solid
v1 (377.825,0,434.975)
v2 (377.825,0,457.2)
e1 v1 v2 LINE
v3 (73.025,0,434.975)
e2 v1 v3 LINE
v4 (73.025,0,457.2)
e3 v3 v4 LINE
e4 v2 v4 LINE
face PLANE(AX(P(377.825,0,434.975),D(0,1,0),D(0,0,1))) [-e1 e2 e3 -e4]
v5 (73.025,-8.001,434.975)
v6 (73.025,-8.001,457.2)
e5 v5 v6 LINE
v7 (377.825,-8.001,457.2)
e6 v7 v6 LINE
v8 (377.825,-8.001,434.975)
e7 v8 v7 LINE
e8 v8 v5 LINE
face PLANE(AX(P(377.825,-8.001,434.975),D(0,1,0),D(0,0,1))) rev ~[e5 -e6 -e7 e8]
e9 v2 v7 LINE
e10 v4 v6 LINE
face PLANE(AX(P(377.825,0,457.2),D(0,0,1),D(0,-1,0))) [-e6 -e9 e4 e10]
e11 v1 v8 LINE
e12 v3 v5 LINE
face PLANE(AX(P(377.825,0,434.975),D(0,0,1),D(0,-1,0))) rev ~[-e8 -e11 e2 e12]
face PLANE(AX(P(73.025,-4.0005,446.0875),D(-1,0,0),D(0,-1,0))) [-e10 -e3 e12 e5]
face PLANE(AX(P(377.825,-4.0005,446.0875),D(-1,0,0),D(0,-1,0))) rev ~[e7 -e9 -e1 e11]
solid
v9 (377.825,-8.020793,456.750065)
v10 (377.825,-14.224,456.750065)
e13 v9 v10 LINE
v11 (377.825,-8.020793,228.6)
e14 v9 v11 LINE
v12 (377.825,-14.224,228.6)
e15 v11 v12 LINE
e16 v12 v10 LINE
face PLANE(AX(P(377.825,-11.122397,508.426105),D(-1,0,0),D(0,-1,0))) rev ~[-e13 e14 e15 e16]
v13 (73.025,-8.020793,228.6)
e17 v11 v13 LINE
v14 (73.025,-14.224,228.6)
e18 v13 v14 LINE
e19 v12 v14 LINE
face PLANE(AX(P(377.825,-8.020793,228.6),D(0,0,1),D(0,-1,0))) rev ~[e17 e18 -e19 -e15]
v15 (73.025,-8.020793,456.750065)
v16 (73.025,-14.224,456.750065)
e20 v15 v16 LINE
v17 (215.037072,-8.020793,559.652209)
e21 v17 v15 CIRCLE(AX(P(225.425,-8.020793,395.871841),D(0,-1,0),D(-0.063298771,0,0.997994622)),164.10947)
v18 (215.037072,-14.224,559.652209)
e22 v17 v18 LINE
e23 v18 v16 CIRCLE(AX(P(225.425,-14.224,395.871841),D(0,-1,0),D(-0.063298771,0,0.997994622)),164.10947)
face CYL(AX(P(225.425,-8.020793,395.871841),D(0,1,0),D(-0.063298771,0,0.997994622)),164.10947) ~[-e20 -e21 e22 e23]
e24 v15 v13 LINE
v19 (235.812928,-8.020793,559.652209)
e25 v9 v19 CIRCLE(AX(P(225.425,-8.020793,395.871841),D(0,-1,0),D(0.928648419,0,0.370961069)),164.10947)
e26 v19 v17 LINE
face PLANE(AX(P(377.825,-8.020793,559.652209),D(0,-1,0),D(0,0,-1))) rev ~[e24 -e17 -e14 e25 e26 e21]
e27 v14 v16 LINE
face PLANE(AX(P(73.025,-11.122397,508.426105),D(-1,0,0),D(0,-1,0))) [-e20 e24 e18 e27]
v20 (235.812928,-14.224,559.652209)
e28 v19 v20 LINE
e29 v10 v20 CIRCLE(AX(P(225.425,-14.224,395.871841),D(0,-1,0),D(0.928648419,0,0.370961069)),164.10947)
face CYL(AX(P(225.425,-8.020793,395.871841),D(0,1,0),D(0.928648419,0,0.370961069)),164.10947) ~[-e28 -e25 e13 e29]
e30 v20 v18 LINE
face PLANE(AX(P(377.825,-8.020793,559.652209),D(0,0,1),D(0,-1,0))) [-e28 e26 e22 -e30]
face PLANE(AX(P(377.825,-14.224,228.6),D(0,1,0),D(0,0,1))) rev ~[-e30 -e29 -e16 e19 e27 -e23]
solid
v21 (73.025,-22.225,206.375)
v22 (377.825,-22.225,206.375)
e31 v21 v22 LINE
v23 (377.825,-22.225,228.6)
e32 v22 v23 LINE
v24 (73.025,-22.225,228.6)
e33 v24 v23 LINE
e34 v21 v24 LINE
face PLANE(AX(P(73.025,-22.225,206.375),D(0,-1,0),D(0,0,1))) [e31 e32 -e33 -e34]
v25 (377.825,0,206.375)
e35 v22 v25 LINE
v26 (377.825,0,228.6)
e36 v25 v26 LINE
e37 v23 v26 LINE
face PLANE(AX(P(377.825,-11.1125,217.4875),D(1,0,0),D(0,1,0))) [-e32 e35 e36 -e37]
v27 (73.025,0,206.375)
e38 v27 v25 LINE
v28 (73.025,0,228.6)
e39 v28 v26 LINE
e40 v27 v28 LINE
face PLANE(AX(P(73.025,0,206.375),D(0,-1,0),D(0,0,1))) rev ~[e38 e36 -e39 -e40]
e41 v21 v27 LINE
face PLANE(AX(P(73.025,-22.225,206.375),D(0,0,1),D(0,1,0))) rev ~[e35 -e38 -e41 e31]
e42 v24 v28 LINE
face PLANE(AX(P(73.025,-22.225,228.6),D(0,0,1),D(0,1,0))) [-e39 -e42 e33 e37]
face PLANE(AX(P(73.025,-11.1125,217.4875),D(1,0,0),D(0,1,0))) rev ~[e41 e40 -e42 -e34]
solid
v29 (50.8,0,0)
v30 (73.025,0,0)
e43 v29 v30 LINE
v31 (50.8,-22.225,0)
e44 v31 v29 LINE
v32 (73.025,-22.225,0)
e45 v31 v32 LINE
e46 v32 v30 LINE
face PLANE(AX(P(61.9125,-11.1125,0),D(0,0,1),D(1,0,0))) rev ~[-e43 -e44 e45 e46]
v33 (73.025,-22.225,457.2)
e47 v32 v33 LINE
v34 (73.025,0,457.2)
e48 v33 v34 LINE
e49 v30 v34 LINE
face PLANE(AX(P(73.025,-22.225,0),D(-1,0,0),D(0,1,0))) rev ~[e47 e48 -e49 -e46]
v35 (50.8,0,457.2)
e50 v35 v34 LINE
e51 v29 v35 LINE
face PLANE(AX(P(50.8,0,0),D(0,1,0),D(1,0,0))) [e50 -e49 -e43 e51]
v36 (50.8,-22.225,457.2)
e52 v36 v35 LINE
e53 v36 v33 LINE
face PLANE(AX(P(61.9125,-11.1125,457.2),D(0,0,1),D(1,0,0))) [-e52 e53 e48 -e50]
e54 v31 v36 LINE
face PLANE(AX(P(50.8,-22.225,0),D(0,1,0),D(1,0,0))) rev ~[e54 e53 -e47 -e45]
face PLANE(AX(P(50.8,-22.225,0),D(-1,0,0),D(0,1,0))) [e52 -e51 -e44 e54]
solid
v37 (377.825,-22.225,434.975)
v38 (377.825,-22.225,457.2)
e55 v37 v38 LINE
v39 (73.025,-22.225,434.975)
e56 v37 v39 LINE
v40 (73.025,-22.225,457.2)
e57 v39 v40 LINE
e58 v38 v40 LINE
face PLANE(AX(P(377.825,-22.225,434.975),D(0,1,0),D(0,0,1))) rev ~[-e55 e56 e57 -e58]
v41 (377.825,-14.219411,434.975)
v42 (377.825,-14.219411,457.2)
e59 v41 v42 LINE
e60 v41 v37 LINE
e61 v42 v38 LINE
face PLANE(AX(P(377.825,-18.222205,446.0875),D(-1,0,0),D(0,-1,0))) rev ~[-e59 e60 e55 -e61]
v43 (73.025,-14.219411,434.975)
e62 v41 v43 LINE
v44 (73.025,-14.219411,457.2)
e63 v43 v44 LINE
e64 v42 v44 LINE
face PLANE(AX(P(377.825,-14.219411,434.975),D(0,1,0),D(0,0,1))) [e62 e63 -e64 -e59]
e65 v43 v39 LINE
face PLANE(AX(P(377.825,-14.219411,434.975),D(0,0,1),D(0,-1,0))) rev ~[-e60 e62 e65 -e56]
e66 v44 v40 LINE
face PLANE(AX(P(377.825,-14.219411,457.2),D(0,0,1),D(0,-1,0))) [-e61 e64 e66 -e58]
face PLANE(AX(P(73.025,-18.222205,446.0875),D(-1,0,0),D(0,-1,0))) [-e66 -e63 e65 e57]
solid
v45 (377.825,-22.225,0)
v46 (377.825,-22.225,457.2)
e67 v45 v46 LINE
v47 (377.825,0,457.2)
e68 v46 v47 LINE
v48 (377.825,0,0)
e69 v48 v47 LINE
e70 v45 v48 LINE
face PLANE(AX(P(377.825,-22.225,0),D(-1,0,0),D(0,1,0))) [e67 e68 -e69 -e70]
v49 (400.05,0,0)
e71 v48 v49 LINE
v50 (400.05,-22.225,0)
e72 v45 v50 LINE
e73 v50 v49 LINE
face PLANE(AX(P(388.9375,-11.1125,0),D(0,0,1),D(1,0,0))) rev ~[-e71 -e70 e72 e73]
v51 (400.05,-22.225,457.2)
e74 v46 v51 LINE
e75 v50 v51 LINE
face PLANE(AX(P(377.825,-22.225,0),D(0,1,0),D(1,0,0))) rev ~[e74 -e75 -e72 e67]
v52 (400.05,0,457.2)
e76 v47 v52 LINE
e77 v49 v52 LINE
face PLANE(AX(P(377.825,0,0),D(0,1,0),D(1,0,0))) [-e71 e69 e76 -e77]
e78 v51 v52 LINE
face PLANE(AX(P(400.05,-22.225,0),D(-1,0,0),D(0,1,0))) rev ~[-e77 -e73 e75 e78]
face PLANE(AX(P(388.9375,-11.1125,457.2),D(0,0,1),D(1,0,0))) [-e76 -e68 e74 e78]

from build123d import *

# Parameters (mm, degrees)
F0_W     = 22.225
F0_H     = 22.225
F1_DEPTH = 457.2
F2_W     = 22.225
F2_H     = 22.225
F3_DEPTH = 304.8
F4_W     = 6.2032067217
F4_H     = 102.4522092819
F4_H_2   = 228.6
F5_DEPTH = 304.8
F7_DEPTH = 6.2032067217
F8_W     = 8.0055892825
F8_H     = 22.225
F9_DEPTH = 304.8
F8_W_2   = 8.001


with BuildPart() as f1:
    # F0 (on Top) → F1 (new body)
    with BuildSketch(Plane.XY):
        with Locations((61.9125, -11.1125)):
            Rectangle(F0_W, F0_H)
    extrude(amount=F1_DEPTH)


with BuildPart() as f1b:
    # F0 (on Top) → F1, piece 2 (new body)
    with BuildSketch(Plane.XY):
        with Locations((388.9375, -11.1125)):
            Rectangle(F0_W, F0_H)
    extrude(amount=F1_DEPTH)


with BuildPart() as f3:
    # F2 (on face) → F3 (new body, through all)
    with BuildSketch(Plane.YZ.offset(73.025)):
        with Locations((-11.1125, 217.4875)):
            Rectangle(F2_W, F2_H)
    extrude(amount=F3_DEPTH)


with BuildPart() as f5:
    # F4 (on face) → F5 (new body)
    with BuildSketch(Plane(origin=(377.825, 0, 0), x_dir=(0, -1, 0), z_dir=(-1, 0, 0))):
        with Locations((11.1223966392, 508.426104641)):
            Rectangle(F4_W, F4_H)
        with Locations((11.1223966392, 342.9)):
            Rectangle(F4_W, F4_H_2)
    extrude(amount=F5_DEPTH)

    # F6 (on face) → F7 (cut, through all)
    with BuildSketch(Plane(origin=(0, -8.0207932783, 0), x_dir=(-1, 0, 0), z_dir=(0, 1, 0))):
        with BuildLine():
            ThreePointArc((-377.825, 456.7500650883), (-321.7172124143, 528.7617500692), (-235.8129277064, 559.6522092819))
            Line((-235.8129277064, 559.6522092819), (-377.825, 559.6522092819))
            Line((-377.825, 559.6522092819), (-377.825, 456.7500650883))
        make_face()
        with BuildLine():
            ThreePointArc((-215.0370722936, 559.6522092819), (-129.1327875857, 528.7617500692), (-73.025, 456.7500650883))
            Line((-73.025, 456.7500650883), (-73.025, 559.6522092819))
            Line((-73.025, 559.6522092819), (-215.0370722936, 559.6522092819))
        make_face()
    extrude(amount=-F7_DEPTH, mode=Mode.SUBTRACT)


with BuildPart() as f9:
    # F8 (on face) → F9 (new body, through all)
    with BuildSketch(Plane(origin=(377.825, 0, 0), x_dir=(0, -1, 0), z_dir=(-1, 0, 0))):
        with Locations((18.2222053587, 446.0875)):
            Rectangle(F8_W, F8_H)
    extrude(amount=F9_DEPTH)


with BuildPart() as f9b:
    # F8 (on face) → F9, piece 2 (new body, through all)
    with BuildSketch(Plane(origin=(377.825, 0, 0), x_dir=(0, -1, 0), z_dir=(-1, 0, 0))):
        with Locations((4.0005, 446.0875)):
            Rectangle(F8_W_2, F8_H)
    extrude(amount=F9_DEPTH)


solid = Compound([f1.part, f1b.part, f3.part, f5.part, f9.part, f9b.part])
